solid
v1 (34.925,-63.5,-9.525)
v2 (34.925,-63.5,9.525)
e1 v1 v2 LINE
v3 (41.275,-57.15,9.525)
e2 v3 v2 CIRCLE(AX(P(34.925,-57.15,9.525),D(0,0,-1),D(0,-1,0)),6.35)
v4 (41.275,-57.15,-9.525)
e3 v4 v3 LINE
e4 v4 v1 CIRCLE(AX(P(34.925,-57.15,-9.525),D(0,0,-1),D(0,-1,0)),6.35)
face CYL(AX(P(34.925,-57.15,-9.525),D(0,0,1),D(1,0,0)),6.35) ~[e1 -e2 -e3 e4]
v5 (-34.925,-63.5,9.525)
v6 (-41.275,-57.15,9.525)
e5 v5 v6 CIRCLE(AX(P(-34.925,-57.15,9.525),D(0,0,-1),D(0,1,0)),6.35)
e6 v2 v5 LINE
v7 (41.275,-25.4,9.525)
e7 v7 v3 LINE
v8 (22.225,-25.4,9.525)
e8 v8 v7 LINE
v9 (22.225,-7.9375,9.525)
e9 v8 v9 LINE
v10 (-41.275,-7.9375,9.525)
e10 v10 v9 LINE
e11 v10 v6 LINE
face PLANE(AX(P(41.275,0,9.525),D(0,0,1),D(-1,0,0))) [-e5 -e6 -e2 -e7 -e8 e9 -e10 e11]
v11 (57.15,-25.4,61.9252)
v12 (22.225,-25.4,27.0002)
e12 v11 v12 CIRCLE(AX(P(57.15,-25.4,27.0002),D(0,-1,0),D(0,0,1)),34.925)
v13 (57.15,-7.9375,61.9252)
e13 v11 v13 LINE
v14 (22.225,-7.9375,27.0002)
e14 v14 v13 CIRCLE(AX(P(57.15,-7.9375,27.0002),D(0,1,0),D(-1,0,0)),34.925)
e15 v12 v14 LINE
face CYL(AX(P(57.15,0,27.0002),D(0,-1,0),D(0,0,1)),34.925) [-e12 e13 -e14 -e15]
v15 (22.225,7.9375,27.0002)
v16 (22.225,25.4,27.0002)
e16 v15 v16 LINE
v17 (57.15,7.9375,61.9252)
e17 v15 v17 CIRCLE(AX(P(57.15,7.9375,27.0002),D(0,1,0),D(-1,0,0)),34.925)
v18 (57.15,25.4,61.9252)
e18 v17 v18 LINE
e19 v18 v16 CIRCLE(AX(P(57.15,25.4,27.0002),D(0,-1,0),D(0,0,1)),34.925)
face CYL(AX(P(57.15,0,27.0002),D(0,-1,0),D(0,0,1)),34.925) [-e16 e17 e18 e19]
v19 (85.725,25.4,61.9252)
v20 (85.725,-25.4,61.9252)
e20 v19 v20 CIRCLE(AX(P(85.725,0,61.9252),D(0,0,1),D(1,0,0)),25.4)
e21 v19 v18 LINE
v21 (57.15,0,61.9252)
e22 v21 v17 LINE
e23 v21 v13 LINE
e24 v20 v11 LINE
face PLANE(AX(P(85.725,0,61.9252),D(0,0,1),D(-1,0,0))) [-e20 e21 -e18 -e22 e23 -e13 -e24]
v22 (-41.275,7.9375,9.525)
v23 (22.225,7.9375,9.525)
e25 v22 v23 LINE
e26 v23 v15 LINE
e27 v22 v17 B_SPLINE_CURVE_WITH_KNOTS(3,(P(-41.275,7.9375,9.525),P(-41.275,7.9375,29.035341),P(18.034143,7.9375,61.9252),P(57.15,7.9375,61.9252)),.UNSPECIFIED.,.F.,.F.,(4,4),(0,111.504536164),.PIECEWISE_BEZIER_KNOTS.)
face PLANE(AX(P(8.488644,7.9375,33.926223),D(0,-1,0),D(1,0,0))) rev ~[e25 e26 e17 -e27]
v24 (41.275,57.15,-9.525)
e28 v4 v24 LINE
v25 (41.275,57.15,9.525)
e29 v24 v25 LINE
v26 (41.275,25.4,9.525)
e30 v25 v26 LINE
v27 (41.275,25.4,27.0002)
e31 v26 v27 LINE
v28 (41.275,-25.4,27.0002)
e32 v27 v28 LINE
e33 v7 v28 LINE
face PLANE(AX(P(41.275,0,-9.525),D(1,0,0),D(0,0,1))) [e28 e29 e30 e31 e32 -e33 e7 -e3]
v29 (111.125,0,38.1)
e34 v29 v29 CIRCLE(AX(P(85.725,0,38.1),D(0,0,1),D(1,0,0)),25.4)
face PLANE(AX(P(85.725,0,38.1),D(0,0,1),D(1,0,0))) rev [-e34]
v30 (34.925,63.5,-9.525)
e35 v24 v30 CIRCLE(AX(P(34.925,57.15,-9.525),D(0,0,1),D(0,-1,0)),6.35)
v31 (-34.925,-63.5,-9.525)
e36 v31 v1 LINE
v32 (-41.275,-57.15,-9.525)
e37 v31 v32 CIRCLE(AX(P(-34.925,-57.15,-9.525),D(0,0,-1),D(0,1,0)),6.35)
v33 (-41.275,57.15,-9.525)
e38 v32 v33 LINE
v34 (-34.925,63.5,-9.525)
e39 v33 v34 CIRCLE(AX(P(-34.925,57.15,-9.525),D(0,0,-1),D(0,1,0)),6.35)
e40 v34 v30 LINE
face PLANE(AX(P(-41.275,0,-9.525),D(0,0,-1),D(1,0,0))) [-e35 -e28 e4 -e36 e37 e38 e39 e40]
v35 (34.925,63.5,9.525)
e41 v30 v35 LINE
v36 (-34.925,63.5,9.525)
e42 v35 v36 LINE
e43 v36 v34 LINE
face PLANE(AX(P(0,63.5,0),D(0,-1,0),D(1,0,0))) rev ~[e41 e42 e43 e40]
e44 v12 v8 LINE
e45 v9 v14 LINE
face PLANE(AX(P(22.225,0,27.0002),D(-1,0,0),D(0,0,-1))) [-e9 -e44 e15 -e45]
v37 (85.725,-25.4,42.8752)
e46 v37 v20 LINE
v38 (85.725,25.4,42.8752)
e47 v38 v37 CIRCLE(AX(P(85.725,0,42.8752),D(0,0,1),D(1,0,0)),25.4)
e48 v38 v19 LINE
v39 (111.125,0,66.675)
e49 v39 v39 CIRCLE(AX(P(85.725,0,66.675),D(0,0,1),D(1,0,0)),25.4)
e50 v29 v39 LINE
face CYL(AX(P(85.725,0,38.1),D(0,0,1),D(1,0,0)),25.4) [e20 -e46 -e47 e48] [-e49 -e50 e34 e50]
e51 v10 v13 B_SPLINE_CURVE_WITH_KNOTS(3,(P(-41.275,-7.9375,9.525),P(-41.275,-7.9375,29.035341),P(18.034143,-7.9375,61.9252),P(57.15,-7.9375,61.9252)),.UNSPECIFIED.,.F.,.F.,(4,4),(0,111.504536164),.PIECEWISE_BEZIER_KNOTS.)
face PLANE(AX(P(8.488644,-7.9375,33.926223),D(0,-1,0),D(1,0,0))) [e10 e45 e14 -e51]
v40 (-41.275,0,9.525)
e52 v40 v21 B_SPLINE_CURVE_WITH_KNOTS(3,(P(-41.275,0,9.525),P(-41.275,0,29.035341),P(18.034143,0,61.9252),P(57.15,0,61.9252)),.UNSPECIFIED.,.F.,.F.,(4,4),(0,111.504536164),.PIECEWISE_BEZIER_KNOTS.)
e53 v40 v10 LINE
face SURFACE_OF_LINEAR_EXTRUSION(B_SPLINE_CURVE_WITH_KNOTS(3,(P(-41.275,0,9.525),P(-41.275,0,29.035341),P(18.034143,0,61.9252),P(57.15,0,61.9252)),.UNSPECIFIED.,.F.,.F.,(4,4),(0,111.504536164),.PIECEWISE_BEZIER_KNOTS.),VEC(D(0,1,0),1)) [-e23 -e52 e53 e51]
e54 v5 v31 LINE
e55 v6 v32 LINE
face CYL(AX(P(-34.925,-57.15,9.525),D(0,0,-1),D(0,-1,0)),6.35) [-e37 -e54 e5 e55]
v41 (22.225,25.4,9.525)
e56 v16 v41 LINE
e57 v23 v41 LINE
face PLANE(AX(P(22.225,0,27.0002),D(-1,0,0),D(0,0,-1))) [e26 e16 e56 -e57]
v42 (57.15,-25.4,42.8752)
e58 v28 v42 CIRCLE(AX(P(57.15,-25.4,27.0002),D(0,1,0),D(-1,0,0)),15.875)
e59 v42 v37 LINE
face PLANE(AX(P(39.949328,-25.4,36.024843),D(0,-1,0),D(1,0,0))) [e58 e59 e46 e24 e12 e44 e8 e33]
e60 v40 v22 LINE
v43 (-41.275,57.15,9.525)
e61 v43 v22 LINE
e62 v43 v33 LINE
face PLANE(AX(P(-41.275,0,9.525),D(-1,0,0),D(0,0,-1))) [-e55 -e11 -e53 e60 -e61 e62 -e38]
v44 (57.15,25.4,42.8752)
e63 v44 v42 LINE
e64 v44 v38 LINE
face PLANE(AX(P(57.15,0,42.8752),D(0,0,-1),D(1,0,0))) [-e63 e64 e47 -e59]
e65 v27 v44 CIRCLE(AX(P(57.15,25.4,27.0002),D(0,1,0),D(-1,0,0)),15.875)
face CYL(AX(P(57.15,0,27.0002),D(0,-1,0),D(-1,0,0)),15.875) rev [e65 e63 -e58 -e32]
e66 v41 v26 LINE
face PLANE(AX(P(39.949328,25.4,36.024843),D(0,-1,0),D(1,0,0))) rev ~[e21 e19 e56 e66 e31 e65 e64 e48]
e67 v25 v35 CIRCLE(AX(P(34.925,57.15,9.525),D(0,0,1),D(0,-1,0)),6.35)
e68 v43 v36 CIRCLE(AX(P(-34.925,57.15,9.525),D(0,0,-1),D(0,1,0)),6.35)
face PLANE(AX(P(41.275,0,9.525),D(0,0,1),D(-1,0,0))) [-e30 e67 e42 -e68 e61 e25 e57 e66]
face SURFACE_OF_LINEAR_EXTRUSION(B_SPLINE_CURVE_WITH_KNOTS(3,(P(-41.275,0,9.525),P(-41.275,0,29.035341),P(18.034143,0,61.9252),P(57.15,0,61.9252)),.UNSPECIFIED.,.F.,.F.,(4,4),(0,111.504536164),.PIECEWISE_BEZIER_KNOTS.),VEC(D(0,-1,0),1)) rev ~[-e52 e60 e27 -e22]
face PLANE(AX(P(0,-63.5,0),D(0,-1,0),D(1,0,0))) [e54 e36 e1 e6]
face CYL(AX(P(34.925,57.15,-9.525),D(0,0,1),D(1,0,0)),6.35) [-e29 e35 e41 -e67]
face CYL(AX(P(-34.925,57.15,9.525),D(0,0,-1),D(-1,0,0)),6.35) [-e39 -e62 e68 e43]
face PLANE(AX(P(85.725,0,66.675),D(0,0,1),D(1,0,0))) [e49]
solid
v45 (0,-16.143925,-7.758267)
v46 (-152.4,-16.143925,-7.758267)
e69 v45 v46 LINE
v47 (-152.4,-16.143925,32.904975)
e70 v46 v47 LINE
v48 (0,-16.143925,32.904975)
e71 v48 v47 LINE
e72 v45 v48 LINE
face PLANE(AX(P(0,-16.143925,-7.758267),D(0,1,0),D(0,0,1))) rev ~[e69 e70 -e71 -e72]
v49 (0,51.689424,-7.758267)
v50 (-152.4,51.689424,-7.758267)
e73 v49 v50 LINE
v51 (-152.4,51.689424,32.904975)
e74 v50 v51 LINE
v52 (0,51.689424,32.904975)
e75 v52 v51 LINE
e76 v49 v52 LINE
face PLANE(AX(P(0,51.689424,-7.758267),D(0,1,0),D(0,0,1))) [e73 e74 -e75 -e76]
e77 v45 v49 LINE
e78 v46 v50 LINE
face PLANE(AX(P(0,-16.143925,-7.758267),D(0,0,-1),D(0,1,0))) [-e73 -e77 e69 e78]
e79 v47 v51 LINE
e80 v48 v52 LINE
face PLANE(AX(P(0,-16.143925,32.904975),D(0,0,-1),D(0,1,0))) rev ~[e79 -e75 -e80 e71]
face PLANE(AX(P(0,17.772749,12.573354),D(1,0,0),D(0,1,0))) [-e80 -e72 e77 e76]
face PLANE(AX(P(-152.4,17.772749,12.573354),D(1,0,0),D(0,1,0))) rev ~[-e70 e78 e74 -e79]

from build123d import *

# Parameters (mm, degrees)
F1_DEPTH = 63.5
F0_W     = 25.4
F0_H     = 19.05
F2_DEPTH = 25.4
F3_DEPTH = 7.9375
F5_R     = 6.35
F6_W     = 67.8333491087
F6_H     = 40.6632423401
F7_DEPTH = 152.4


with BuildPart() as f1:
    # F0 (on Front) → F1 (new body, symmetric)
    with BuildSketch(Plane.XZ):
        Polygon((41.275, -9.525), (41.275, 9.525), (22.225, 9.525), (-41.275, 9.525), (-41.275, -9.525), align=None)
    extrude(amount=F1_DEPTH, both=True)

    # F0 (on Front) → F2 (join, symmetric)
    with BuildSketch(Plane.XZ):
        with BuildLine():
            Line((22.225, 9.525), (41.275, 9.525))
            Line((41.275, 9.525), (41.275, 27.0002))
            ThreePointArc((41.275, 27.0002), (45.9246798487, 38.2255201513), (57.15, 42.8752))
            Line((57.15, 42.8752), (60.325, 42.8752))
            Line((60.325, 42.8752), (60.325, 61.9252))
            Line((60.325, 61.9252), (57.15, 61.9252))
            ThreePointArc((57.15, 61.9252), (32.4542956671, 51.6959043329), (22.225, 27.0002))
            Line((22.225, 27.0002), (22.225, 9.525))
        make_face()
        with Locations((73.025, 52.4002)):
            Rectangle(F0_W, F0_H)
    extrude(amount=F2_DEPTH, both=True)

    # F0 (on Front) → F3 (join, symmetric)
    with BuildSketch(Plane.XZ):
        with BuildLine():
            Line((-41.275, 9.525), (22.225, 9.525))
            Line((22.225, 9.525), (22.225, 27.0002))
            ThreePointArc((22.225, 27.0002), (32.4542956671, 51.6959043329), (57.15, 61.9252))
            add(Edge.make_bspline(
                [(-41.275, 9.525), (-41.275, 29.0353409946), (18.0341433734, 61.9252), (57.15, 61.9252)],
                knots=[0, 0, 0, 0, 111.5045361635, 111.5045361635, 111.5045361635, 111.5045361635], degree=3))
        make_face()
    extrude(amount=F3_DEPTH, both=True)

    # F0 (on Front) → F4 (revolve)
    with BuildSketch(Plane.XZ):
        Polygon((85.725, 61.9252), (85.725, 42.8752), (85.725, 38.1), (111.125, 38.1), (111.125, 66.675), (85.725, 66.675), align=None)
    revolve(axis=Axis((85.725, 0, 52.3875), (0, 0, 1)))

    # F5
    f5_edges = [f1.edges().sort_by_distance(p)[0] for p in [
        (41.275, -63.5, 0),
        (-41.275, -63.5, 0),
        (41.275, 63.5, 0),
        (-41.275, 63.5, 0),
    ]]
    fillet(f5_edges, radius=F5_R)


with BuildPart() as f7:
    # F6 (on Right) → F7 (new body)
    with BuildSketch(Plane.YZ):
        with Locations((17.7727490664, 12.5733539462)):
            Rectangle(F6_W, F6_H)
    extrude(amount=-F7_DEPTH)


solid = Compound([f1.part, f7.part])
